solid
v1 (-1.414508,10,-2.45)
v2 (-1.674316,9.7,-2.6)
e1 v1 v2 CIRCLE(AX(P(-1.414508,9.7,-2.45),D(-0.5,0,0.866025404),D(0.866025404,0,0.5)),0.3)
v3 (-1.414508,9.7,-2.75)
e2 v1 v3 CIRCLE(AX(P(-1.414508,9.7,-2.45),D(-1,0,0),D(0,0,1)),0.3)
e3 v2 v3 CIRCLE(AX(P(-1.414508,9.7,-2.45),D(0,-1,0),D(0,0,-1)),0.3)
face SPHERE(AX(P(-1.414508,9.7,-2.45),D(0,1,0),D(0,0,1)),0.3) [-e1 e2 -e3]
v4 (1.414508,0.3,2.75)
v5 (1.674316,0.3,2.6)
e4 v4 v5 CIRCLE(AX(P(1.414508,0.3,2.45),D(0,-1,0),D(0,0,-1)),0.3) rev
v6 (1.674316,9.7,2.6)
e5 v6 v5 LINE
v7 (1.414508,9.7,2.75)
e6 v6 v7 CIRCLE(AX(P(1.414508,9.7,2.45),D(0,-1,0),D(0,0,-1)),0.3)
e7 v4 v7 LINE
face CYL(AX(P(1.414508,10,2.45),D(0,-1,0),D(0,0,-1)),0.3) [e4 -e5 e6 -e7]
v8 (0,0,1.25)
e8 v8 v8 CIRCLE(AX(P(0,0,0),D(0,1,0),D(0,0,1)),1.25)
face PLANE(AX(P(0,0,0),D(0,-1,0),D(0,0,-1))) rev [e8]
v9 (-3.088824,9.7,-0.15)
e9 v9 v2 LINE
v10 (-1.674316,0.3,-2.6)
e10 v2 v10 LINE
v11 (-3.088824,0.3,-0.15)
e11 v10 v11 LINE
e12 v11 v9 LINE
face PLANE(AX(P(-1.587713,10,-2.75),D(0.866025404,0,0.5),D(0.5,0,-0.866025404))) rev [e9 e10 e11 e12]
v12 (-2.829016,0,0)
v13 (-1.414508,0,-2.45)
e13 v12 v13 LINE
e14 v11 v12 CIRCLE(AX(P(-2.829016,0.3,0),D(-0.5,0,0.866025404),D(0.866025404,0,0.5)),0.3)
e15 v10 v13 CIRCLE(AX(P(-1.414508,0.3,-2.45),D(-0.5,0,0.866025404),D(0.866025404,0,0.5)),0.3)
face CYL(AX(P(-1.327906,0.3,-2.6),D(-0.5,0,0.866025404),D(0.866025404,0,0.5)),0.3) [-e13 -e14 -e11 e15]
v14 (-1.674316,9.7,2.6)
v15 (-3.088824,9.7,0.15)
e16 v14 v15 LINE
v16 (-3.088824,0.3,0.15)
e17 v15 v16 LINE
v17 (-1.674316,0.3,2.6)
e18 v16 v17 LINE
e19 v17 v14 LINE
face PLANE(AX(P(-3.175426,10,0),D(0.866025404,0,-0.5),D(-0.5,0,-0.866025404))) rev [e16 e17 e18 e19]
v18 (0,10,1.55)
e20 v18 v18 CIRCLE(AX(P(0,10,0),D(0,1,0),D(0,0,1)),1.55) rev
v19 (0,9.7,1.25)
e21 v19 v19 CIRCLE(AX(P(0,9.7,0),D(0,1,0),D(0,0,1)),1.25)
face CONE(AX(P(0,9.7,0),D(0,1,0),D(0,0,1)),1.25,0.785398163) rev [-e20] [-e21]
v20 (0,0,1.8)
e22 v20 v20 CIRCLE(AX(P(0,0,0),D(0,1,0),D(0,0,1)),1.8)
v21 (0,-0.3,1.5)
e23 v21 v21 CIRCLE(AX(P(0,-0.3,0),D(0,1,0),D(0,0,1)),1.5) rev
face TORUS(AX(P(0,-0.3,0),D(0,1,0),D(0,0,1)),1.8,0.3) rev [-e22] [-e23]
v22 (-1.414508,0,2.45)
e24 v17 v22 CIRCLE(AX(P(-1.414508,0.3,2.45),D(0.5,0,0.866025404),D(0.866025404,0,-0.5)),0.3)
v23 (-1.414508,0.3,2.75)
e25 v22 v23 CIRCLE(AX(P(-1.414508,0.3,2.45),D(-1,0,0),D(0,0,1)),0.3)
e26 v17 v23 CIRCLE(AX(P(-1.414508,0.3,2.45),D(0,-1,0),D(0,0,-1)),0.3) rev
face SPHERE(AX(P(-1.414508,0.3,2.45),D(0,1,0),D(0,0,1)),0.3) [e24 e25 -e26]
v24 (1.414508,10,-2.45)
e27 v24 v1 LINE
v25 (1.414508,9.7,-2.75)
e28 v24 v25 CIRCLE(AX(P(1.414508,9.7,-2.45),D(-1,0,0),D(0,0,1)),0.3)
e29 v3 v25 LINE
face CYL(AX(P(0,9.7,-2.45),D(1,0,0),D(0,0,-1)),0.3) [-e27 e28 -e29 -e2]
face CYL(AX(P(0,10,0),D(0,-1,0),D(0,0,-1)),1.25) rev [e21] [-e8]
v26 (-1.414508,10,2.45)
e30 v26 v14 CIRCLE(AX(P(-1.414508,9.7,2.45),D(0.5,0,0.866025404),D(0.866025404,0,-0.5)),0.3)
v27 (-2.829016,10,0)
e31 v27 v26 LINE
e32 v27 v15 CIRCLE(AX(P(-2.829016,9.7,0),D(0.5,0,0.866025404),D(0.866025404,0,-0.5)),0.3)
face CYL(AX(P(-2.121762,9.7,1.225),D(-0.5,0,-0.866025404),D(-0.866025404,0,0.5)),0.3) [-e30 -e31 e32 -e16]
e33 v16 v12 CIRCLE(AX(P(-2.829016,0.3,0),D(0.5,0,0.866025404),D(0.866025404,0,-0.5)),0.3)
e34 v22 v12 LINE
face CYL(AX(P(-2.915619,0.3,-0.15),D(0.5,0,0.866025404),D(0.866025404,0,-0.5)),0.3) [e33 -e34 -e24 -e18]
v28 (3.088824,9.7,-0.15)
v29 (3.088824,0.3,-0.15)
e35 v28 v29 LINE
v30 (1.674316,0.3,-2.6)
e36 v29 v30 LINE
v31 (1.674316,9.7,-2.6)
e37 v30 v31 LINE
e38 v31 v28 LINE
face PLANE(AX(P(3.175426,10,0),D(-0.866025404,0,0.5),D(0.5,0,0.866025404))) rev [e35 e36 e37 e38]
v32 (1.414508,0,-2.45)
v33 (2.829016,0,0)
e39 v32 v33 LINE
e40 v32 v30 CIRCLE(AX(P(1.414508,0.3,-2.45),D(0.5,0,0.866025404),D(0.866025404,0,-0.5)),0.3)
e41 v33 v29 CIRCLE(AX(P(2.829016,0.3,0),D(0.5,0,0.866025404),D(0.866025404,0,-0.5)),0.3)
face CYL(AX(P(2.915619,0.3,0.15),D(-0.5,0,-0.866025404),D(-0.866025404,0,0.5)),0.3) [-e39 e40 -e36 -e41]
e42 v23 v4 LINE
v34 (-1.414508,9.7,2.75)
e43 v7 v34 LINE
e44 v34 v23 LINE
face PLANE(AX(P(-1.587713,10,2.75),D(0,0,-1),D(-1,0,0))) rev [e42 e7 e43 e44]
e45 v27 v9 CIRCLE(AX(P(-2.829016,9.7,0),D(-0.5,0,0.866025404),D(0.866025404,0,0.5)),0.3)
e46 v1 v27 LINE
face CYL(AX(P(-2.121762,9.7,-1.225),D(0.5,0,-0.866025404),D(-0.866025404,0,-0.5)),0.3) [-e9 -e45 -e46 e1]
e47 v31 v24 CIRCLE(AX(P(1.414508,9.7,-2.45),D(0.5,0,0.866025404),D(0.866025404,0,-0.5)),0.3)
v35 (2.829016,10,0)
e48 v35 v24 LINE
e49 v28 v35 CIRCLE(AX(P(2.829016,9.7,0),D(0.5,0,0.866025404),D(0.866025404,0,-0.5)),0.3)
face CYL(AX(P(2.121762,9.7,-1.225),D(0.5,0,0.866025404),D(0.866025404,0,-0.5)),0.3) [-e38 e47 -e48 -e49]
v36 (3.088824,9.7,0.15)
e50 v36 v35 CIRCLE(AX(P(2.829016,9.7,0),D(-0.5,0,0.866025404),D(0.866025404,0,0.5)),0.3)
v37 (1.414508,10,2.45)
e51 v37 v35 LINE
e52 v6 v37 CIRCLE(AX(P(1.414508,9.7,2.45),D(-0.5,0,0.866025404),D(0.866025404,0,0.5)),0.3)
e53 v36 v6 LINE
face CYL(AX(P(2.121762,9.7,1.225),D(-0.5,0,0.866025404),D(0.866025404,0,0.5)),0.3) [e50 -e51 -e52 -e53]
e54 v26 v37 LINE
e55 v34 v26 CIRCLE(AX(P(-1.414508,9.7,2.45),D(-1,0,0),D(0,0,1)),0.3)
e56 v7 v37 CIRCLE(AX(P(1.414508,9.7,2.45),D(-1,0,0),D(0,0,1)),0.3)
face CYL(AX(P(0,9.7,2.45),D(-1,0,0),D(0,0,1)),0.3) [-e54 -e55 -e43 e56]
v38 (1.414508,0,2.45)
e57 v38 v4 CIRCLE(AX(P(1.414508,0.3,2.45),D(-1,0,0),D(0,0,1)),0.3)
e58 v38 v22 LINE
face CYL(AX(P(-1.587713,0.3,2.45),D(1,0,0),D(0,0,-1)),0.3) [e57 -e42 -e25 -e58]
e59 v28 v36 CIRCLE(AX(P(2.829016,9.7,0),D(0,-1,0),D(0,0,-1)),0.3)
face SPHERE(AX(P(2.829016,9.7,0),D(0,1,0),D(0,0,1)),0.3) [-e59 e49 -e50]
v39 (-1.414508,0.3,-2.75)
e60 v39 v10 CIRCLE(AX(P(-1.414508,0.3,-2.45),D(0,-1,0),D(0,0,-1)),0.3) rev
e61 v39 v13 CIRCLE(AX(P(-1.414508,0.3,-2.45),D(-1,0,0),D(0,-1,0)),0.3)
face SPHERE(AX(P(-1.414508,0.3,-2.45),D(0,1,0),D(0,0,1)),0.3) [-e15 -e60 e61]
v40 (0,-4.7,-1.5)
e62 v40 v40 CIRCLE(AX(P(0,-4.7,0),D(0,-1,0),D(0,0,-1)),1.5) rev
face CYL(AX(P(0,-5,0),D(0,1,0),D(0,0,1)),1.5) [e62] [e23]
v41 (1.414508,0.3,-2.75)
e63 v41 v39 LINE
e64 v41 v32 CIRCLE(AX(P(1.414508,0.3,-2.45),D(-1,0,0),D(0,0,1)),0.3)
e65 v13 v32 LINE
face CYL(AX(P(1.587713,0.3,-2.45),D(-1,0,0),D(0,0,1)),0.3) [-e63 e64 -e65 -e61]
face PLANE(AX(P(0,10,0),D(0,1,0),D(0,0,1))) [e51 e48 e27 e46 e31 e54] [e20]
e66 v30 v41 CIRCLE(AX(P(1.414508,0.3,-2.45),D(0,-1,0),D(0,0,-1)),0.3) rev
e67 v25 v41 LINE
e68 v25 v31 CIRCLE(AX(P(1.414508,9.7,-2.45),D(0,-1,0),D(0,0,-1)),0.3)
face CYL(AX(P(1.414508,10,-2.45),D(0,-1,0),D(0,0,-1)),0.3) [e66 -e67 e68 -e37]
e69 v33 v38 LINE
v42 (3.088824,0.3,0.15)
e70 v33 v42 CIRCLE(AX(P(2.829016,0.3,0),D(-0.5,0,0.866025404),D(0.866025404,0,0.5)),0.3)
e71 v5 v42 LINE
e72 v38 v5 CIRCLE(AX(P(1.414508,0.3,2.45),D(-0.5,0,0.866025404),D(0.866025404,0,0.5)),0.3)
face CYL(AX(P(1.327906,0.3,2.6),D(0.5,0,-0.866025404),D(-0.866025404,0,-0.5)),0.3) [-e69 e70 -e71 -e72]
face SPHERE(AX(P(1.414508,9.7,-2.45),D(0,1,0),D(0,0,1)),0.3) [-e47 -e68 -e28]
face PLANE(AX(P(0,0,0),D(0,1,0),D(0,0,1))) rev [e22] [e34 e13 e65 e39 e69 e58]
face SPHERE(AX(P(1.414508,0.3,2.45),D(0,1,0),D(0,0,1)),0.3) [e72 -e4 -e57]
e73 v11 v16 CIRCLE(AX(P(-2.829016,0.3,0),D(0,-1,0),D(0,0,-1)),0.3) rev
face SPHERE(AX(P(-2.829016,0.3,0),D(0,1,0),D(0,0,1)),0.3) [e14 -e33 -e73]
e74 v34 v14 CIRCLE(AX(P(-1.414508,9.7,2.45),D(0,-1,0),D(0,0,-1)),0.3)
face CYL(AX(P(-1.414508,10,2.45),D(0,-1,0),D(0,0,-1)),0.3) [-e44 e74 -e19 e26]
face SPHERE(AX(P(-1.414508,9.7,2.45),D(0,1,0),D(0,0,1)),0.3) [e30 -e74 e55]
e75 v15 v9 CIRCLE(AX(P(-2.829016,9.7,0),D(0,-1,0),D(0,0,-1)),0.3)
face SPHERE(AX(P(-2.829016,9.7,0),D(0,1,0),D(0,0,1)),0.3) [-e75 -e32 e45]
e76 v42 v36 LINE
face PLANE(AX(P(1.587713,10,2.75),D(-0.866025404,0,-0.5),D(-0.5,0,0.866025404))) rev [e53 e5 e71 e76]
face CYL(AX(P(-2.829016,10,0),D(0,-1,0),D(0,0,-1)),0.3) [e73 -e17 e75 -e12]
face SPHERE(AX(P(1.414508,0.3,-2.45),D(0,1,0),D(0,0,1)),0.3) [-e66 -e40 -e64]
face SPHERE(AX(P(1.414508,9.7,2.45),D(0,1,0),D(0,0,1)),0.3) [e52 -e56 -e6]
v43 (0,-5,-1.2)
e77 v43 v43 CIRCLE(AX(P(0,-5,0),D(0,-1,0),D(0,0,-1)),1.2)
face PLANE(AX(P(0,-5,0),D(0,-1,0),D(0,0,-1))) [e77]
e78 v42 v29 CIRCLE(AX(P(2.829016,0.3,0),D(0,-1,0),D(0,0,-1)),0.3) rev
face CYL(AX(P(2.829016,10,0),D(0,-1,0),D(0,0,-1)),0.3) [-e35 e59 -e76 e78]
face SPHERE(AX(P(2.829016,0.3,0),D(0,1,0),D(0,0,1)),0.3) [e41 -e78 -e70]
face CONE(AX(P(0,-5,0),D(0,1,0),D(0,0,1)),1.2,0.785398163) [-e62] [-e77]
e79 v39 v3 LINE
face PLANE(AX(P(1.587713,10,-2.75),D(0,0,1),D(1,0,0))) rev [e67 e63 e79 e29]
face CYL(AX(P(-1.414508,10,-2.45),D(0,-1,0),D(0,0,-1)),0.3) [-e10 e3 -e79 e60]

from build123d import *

# Parameters (mm, degrees)
SKETCH1_R           = 1.25
BOSS_EXTRUDE1_DEPTH = 10
FILLET1_R           = 0.3
FILLET2_R           = 0.3
SKETCH2_R           = 1.5
BOSS_EXTRUDE2_DEPTH = 5
CHAMFER1_SIZE       = 0.3
FILLET3_R           = 0.3


with BuildPart() as part:
    # Sketch1 → Boss-Extrude1 (new body)
    with BuildSketch(Plane(origin=(0, 0, 0), x_dir=(1, 0, 0), z_dir=(0, 1, 0))):
        Polygon((-1.58771324, 2.75), (-3.175426481, 0), (-1.58771324, -2.75), (1.58771324, -2.75), (3.175426481, 0), (1.58771324, 2.75), align=None)
        with Locations(Location((0, 0, 0), (0, 0, 270))):
            Circle(SKETCH1_R, mode=Mode.SUBTRACT)
    extrude(amount=BOSS_EXTRUDE1_DEPTH)

    # Fillet1
    fillet1_edges = [part.edges().sort_by_distance(p)[0] for p in [
        (1.58771324, 5, -2.75),
        (3.175426481, 5, 0),
        (1.58771324, 5, 2.75),
        (-1.58771324, 5, 2.75),
        (-3.175426481, 5, 0),
        (-1.58771324, 5, -2.75),
    ]]
    fillet(fillet1_edges, radius=FILLET1_R)

    # Fillet2
    fillet2_edges = [part.edges().sort_by_distance(p)[0] for p in [
        (0, 0, -2.75),
        (0, 10, -2.75),
        (2.38156986, 0, -1.375),
        (2.38156986, 0, 1.375),
        (0, 0, 2.75),
        (-2.38156986, 0, 1.375),
        (-2.38156986, 0, -1.375),
        (1.56450816, 0, 2.709807621),
        (-1.56450816, 0, 2.709807621),
        (-3.129016319, 0, 0),
        (-1.56450816, 0, -2.709807621),
        (3.129016319, 0, 0),
        (1.56450816, 0, -2.709807621),
        (2.38156986, 10, -1.375),
        (-2.38156986, 10, -1.375),
        (-2.38156986, 10, 1.375),
        (0, 10, 2.75),
        (2.38156986, 10, 1.375),
        (1.56450816, 10, 2.709807621),
        (-1.56450816, 10, 2.709807621),
        (-3.129016319, 10, 0),
        (-1.56450816, 10, -2.709807621),
        (3.129016319, 10, 0),
        (1.56450816, 10, -2.709807621),
    ]]
    fillet(fillet2_edges, radius=FILLET2_R)

    # Sketch2 → Boss-Extrude2 (add)
    with BuildSketch(Plane.XZ):
        with Locations(Location((0, 0, 0), (0, 0, 90))):
            Circle(SKETCH2_R)
    extrude(amount=BOSS_EXTRUDE2_DEPTH)

    # Chamfer1
    chamfer1_edges = [part.edges().sort_by_distance(p)[0] for p in [
        (0, -5, -1.5),
        (0, 10, -1.25),
    ]]
    chamfer(chamfer1_edges, length=CHAMFER1_SIZE)

    # Fillet3
    fillet3_edges = [part.edges().sort_by_distance(p)[0] for p in [
        (0, 0, -1.5),
    ]]
    fillet(fillet3_edges, radius=FILLET3_R)


solid = part.part
